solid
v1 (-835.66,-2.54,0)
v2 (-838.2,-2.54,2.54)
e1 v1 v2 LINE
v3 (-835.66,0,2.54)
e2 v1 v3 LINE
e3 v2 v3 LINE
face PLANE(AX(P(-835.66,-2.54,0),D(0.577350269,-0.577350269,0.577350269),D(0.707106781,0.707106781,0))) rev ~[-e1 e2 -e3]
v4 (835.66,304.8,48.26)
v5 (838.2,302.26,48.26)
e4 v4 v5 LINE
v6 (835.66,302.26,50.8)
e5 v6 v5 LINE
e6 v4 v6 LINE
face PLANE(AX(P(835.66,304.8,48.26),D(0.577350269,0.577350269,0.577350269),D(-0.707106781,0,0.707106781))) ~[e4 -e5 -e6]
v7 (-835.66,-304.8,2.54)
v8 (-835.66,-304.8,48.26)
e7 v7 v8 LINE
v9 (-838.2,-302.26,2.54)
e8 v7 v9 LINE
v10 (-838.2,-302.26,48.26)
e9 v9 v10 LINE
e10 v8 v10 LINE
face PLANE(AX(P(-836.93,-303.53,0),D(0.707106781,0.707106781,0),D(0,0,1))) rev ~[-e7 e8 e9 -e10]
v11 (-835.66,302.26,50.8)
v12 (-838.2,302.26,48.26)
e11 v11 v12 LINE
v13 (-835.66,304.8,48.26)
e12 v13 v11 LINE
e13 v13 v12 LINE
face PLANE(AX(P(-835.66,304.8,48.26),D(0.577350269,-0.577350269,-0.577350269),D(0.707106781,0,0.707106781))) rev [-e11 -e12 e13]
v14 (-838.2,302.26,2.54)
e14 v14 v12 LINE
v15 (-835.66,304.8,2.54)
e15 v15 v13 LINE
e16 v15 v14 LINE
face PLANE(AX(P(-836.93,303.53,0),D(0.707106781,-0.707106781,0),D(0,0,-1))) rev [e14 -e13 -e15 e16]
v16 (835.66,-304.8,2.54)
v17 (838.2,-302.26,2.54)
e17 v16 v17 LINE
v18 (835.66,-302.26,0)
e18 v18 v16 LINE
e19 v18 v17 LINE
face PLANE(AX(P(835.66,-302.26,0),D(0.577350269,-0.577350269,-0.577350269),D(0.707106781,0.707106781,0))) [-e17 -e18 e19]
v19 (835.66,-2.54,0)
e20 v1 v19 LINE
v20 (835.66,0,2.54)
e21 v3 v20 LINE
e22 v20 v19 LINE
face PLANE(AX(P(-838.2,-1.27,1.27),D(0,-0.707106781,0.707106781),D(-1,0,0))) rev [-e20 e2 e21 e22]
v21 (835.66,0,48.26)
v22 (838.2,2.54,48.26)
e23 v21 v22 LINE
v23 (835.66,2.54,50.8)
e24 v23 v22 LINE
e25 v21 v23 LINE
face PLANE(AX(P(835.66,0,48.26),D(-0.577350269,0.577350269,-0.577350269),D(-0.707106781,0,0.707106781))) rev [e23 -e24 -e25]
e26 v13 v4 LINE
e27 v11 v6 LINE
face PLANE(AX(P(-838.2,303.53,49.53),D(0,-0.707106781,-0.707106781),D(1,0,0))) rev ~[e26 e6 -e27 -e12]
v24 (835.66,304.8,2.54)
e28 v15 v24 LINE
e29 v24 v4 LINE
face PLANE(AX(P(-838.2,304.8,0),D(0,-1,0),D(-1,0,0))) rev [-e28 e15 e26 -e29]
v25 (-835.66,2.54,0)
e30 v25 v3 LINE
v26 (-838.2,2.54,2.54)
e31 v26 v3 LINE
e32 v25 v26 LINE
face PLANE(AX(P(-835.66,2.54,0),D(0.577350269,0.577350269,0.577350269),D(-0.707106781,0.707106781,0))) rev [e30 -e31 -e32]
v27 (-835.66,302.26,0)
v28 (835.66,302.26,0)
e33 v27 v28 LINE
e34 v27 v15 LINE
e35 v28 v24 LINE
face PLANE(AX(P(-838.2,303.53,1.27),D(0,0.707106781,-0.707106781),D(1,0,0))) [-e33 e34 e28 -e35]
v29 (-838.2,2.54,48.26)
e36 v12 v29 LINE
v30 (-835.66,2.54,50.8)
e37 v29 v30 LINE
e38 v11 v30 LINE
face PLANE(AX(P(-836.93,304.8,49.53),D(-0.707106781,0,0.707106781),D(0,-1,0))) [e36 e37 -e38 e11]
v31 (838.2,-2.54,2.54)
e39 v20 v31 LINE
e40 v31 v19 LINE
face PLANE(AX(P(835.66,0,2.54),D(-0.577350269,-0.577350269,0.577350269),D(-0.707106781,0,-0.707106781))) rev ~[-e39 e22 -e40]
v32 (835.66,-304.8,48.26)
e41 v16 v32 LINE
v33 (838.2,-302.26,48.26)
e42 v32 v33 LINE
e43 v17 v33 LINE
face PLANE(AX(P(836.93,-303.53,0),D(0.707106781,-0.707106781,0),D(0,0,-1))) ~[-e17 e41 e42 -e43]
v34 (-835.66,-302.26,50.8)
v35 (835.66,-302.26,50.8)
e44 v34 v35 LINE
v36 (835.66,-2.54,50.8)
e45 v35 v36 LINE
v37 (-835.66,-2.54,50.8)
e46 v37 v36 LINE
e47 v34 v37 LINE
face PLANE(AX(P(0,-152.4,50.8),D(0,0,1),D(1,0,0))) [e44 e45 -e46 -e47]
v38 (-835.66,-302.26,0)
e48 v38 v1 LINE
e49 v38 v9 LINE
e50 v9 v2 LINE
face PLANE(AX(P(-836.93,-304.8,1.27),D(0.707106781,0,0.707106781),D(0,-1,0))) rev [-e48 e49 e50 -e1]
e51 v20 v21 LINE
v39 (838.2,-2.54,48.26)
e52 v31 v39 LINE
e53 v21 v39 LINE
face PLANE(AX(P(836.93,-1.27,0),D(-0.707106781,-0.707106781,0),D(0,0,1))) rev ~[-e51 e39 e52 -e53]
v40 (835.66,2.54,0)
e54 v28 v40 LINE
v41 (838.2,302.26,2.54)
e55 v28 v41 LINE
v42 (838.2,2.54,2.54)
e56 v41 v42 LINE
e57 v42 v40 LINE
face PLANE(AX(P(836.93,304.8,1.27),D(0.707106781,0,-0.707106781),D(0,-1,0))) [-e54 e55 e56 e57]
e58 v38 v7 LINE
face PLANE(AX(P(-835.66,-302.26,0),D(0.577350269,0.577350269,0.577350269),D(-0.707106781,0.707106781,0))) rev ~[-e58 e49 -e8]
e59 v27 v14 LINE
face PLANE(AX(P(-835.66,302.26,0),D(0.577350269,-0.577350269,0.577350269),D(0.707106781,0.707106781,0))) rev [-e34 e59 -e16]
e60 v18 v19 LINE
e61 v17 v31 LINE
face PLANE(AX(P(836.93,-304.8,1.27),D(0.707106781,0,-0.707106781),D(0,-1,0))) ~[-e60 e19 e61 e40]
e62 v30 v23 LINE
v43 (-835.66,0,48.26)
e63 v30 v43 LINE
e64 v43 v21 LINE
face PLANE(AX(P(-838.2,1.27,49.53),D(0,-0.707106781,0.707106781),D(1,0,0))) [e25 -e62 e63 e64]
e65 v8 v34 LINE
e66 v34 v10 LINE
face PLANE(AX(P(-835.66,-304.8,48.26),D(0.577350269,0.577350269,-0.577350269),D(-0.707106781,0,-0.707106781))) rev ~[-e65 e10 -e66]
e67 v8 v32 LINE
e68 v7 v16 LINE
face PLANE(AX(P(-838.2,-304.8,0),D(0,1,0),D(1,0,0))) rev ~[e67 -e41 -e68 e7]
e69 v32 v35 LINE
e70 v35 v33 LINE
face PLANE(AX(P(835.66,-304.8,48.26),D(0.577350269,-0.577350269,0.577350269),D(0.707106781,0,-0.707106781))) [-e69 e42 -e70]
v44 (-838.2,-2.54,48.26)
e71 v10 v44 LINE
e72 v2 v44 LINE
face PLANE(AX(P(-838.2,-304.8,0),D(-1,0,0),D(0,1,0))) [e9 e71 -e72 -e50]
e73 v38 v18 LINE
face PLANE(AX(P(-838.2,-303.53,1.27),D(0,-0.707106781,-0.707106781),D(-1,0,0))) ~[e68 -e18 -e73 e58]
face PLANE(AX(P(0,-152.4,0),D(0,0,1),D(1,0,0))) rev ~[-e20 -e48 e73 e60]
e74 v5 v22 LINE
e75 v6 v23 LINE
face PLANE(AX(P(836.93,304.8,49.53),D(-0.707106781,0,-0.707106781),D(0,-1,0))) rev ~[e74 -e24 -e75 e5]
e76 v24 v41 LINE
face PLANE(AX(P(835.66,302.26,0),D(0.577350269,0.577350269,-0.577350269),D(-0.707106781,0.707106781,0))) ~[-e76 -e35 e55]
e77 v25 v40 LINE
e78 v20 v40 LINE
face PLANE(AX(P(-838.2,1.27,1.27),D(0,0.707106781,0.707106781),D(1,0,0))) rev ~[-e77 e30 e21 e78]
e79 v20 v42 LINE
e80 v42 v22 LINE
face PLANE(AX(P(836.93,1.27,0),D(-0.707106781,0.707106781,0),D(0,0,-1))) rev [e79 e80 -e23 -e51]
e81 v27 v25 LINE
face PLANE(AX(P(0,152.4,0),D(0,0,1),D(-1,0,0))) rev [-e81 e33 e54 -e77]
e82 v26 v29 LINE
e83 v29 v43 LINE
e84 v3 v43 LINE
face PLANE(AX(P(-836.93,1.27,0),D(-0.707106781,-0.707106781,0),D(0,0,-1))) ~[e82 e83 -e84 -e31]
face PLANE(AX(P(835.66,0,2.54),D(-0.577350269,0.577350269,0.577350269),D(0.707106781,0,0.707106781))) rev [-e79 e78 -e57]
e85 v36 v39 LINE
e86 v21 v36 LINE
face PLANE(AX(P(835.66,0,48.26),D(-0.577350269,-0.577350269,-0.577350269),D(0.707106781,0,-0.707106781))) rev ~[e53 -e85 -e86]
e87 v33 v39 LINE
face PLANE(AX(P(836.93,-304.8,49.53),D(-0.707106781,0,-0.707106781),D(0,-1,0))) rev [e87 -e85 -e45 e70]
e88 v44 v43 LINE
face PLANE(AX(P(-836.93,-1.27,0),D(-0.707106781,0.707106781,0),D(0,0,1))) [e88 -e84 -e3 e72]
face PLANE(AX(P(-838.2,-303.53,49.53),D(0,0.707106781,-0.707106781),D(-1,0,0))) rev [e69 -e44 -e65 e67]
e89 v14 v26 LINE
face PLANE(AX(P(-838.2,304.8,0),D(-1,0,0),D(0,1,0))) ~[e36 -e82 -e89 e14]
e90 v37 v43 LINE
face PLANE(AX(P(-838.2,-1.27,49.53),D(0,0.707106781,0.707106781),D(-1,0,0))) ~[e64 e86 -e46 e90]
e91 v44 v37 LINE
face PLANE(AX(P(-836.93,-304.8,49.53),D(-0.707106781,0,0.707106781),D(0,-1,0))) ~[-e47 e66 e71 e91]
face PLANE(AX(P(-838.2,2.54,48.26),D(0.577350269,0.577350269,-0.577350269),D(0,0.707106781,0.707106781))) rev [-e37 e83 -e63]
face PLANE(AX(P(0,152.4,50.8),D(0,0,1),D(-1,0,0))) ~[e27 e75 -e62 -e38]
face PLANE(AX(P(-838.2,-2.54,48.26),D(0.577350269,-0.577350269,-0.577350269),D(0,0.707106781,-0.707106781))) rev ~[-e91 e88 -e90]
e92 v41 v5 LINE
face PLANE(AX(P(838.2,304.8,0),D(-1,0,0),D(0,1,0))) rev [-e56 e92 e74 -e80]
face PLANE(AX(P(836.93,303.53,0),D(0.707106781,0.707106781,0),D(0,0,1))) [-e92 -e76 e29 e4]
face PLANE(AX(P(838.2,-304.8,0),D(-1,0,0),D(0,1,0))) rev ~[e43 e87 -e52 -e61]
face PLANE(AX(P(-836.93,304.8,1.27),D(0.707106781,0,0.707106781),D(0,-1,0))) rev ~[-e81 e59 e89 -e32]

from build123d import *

# Parameters (mm, degrees)
F0_W     = 1676.4
F0_H     = 304.8
F1_DEPTH = 50.8
F2_SIZE  = 2.54


with BuildPart() as f1:
    # F0 (on Top) → F1 (new body)
    with BuildSketch(Plane.XY):
        with Locations((0, -152.4)):
            Rectangle(F0_W, F0_H)
    extrude(amount=F1_DEPTH)

    # F2
    f2_edges = [f1.edges().sort_by_distance(p)[0] for p in [
        (838.2, -152.4, 50.8),
        (0, 0, 50.8),
        (-838.2, -152.4, 50.8),
        (0, -304.8, 50.8),
        (-838.2, -304.8, 25.4),
        (838.2, -304.8, 25.4),
        (0, -304.8, 0),
        (838.2, -152.4, 0),
        (-838.2, 0, 25.4),
        (-838.2, -152.4, 0),
        (838.2, 0, 25.4),
        (0, 0, 0),
    ]]
    chamfer(f2_edges, length=F2_SIZE)

    # F3: F1 across plane


with BuildPart() as f1_1:
    add(f1.part)
    add(f1.part.mirror(Plane.XZ))


solid = f1_1.part
